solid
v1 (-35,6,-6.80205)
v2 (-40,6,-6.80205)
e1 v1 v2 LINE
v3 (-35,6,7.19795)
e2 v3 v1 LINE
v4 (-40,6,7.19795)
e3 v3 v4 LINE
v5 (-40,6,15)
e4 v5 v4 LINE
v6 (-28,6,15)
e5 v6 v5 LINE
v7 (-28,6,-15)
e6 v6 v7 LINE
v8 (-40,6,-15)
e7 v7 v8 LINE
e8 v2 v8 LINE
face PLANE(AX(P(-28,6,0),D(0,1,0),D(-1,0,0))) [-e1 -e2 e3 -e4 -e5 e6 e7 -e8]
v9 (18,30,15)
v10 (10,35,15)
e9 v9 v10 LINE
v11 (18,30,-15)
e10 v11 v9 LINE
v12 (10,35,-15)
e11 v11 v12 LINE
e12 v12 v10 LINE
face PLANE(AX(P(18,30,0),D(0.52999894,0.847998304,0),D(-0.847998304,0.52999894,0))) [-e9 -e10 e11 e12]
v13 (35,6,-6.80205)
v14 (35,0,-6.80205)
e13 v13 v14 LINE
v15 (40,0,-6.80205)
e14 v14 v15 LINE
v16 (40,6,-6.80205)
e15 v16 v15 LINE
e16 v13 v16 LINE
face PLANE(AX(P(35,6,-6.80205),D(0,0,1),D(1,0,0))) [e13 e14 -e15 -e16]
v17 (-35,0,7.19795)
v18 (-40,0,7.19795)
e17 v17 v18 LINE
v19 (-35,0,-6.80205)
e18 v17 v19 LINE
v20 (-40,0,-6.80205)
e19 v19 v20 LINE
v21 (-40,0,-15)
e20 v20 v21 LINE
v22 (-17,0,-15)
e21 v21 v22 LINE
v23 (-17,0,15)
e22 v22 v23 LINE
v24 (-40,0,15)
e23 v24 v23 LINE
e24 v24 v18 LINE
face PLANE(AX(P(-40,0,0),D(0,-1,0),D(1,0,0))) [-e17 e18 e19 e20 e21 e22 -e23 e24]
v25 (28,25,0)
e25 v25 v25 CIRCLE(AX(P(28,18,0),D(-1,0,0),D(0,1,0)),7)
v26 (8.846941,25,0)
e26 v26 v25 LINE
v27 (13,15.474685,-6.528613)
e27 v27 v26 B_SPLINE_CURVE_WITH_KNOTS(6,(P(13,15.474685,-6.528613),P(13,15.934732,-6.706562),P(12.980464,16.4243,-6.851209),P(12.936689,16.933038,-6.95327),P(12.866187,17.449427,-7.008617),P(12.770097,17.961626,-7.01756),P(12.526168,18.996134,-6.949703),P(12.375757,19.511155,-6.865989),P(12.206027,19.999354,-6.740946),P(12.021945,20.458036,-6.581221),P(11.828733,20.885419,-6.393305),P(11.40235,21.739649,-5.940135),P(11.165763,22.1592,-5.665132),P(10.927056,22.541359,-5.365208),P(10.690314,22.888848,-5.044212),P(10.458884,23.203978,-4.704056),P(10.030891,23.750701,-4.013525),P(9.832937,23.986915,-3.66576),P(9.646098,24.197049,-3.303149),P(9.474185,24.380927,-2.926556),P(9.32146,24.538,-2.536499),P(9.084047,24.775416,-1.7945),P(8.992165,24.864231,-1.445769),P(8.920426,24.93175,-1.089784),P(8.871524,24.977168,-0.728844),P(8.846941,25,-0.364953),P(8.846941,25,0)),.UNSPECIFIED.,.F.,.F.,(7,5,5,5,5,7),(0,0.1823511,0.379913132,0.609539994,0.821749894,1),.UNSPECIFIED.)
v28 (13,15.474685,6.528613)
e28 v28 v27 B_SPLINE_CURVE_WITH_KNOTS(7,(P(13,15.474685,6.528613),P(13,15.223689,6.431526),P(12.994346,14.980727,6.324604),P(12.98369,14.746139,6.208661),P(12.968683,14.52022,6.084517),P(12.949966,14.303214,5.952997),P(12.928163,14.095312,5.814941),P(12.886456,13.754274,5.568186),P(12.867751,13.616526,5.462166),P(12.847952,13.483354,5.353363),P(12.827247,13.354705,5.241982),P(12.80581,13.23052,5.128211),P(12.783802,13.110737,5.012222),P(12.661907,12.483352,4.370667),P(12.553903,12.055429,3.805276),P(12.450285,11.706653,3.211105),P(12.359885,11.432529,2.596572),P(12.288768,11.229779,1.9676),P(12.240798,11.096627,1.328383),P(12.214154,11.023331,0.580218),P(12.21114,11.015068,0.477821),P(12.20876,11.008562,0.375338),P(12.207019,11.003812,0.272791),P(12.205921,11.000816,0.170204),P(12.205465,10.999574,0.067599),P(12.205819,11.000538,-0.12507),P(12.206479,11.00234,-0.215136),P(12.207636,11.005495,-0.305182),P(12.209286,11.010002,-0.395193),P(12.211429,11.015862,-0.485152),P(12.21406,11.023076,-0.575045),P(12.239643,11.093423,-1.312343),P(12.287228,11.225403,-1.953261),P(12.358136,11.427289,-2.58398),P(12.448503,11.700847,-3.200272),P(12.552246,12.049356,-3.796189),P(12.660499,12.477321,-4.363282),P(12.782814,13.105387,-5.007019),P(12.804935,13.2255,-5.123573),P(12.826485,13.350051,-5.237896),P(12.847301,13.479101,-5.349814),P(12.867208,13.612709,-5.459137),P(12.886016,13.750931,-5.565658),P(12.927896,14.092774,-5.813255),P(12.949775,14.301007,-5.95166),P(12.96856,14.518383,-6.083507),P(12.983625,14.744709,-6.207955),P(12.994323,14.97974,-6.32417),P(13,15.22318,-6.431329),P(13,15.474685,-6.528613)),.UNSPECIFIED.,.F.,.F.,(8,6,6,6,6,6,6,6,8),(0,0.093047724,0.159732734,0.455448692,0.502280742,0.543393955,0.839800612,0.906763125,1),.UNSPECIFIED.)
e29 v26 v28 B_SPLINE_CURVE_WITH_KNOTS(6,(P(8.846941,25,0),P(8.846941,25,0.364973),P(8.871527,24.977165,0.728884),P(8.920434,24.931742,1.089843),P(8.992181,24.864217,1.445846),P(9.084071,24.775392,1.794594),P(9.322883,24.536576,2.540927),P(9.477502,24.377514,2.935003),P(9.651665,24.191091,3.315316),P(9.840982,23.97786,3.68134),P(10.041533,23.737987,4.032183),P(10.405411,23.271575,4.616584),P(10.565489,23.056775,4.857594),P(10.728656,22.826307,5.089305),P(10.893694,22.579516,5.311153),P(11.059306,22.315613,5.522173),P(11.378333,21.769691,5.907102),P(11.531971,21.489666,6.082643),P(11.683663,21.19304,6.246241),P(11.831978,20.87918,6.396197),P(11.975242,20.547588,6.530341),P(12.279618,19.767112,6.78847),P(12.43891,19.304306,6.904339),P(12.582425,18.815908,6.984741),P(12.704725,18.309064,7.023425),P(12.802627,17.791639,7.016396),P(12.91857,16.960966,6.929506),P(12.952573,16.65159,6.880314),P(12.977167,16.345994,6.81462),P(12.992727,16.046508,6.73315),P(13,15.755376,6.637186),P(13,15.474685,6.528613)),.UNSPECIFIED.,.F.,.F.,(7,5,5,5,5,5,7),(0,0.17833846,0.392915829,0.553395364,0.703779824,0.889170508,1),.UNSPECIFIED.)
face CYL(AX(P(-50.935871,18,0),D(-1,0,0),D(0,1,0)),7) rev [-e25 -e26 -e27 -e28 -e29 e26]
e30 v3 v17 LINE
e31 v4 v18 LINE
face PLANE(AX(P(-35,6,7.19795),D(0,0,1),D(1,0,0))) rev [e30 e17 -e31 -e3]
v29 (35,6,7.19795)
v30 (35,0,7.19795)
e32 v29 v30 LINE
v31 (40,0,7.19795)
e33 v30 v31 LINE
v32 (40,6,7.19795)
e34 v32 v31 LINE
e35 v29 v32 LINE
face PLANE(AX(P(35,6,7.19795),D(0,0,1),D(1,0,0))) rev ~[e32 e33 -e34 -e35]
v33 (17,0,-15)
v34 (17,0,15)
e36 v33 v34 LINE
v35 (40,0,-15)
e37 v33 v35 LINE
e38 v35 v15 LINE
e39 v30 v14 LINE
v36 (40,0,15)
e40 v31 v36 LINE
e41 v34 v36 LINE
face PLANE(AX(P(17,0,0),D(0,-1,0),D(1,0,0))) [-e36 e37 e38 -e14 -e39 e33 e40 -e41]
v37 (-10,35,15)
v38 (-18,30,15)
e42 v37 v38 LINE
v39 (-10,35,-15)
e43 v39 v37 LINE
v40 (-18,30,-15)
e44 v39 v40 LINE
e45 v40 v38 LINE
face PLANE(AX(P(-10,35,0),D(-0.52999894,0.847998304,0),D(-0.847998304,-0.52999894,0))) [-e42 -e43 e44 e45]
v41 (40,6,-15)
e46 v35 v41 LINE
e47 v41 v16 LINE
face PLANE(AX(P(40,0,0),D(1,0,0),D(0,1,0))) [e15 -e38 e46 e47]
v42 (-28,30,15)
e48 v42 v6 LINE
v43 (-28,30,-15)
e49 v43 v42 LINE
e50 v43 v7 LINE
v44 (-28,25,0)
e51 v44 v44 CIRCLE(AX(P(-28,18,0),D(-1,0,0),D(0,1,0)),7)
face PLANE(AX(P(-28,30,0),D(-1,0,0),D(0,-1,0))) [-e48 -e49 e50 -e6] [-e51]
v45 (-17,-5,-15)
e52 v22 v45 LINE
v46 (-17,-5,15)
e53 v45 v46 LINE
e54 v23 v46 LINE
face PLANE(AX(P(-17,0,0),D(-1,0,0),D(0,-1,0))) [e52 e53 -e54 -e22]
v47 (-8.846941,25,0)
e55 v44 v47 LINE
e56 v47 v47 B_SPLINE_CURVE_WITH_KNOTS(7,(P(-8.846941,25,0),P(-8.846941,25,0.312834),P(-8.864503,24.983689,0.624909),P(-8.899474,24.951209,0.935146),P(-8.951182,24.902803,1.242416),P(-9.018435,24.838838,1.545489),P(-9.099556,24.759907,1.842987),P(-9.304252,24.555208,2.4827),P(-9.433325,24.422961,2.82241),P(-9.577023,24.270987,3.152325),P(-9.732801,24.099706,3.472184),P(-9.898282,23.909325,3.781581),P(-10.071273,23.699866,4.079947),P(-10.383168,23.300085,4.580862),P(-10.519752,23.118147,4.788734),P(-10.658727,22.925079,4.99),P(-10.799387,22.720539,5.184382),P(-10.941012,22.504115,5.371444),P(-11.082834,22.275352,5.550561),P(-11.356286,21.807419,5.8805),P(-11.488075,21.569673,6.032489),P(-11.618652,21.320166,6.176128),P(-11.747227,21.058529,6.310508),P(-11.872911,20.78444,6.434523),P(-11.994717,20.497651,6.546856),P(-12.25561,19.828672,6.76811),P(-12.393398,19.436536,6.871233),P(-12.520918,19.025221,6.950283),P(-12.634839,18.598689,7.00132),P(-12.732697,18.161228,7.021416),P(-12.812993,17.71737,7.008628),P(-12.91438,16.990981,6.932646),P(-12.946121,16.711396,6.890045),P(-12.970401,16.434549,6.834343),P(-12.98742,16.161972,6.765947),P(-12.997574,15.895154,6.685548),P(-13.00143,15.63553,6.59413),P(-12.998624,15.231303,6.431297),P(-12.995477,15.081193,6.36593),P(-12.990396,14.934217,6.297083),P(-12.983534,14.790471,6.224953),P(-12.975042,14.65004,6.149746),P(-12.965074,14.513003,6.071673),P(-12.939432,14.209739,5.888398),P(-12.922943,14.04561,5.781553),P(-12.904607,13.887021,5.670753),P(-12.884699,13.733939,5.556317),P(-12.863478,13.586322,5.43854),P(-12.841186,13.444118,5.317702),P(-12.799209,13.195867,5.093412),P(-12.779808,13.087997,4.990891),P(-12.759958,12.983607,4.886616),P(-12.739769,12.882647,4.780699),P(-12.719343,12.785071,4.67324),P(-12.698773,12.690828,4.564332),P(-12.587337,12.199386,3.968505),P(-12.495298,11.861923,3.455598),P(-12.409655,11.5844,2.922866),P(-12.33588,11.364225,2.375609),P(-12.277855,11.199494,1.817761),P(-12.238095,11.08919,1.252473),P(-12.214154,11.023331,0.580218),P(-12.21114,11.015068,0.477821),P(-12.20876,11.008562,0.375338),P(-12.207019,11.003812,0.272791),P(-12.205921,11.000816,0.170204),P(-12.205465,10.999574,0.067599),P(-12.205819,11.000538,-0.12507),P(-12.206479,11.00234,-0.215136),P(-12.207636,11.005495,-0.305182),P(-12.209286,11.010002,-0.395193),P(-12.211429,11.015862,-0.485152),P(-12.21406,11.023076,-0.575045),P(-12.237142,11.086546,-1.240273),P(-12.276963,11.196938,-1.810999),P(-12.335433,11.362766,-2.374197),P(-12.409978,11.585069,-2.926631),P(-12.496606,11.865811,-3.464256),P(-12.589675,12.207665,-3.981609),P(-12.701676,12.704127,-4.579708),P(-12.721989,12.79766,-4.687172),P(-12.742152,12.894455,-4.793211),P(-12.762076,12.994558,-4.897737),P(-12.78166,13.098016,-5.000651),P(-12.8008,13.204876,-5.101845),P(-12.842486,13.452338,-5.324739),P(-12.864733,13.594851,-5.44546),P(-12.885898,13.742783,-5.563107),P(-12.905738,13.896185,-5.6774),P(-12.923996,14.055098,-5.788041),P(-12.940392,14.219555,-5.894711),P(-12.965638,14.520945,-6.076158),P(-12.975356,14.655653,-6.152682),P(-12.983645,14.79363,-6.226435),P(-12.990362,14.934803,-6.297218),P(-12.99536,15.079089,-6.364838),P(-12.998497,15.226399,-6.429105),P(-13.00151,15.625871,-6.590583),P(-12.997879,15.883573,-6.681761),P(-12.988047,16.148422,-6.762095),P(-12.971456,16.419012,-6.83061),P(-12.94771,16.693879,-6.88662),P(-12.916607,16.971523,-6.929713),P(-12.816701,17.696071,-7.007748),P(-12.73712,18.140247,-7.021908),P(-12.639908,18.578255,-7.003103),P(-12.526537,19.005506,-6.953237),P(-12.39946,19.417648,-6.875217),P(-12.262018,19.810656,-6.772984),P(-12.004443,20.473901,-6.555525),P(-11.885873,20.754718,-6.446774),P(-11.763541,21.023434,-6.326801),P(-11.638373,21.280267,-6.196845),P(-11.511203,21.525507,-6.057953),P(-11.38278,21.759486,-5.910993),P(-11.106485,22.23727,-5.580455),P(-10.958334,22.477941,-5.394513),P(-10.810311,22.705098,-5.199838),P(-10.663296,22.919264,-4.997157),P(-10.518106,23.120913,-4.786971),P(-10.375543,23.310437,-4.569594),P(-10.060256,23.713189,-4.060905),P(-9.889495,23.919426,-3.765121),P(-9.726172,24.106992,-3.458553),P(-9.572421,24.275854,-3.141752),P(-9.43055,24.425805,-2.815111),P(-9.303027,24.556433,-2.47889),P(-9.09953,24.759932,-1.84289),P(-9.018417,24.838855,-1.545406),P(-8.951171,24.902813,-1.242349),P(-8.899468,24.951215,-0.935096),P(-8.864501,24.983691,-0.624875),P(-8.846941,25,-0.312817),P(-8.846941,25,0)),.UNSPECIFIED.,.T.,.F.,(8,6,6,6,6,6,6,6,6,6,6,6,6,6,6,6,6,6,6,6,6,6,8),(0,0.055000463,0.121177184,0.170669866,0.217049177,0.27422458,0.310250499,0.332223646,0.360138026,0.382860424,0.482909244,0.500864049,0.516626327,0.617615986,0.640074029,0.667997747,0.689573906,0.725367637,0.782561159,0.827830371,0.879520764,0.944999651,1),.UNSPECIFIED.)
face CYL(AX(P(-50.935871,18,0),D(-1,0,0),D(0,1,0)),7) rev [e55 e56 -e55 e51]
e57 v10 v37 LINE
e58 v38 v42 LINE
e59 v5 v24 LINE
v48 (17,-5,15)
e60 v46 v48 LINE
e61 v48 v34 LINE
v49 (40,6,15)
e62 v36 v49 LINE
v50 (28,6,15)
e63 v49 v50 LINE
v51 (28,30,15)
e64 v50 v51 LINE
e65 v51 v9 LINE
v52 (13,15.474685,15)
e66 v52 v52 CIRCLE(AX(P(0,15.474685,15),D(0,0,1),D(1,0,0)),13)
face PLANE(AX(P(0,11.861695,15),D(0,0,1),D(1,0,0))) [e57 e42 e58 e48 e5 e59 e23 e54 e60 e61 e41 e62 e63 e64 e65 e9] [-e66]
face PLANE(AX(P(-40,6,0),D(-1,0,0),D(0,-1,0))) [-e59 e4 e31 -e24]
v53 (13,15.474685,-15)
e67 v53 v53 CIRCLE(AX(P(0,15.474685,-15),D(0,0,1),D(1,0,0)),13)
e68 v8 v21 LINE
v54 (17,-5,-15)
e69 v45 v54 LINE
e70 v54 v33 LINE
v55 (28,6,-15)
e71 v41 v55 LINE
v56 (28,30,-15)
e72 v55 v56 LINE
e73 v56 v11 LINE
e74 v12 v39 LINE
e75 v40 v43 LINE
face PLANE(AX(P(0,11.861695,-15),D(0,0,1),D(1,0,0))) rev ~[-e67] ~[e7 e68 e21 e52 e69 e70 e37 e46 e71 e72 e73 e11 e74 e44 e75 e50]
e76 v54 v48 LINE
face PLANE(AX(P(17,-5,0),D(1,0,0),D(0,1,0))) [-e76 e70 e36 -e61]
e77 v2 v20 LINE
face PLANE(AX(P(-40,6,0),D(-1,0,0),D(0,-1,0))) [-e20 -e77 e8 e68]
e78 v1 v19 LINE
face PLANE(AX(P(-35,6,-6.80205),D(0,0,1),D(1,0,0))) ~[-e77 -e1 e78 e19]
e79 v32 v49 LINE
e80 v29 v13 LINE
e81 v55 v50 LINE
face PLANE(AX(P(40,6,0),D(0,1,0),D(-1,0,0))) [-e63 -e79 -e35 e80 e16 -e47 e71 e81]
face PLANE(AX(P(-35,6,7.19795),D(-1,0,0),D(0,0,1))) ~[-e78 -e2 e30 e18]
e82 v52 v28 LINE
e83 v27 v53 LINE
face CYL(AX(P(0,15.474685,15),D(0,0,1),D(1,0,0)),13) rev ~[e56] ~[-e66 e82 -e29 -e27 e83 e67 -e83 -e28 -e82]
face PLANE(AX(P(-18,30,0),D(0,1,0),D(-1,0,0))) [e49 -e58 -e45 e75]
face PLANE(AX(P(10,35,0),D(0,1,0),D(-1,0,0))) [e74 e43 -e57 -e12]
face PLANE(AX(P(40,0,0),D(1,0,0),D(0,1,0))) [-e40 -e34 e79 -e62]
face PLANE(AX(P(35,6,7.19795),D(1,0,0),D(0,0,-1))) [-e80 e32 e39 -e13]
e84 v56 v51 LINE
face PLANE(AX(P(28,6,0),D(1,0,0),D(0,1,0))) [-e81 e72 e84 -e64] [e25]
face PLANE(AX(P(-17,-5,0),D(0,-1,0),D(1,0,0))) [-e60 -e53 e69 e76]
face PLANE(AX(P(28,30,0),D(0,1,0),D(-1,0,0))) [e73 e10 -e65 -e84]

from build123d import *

# Parameters (mm, degrees)
BOSS_EXTRUDE1_DEPTH     = 15
SKETCH2_R               = 13
CUT_EXTRUDE1_DEPTH      = 30
CUT_EXTRUDE2_REACH      = 53.633
SKETCH3_W               = 5
SKETCH3_H               = 14
CUT_EXTRUDE3_DEPTH      = 78.935871074
CUT_EXTRUDE3_DEPTH_BACK = 78.935871074
SKETCH4_R               = 7


with BuildPart() as part:
    # Sketch1 → Boss-Extrude1 (new, symmetric)
    with BuildSketch(Plane.XY):
        Polygon((-40, 0), (-17, 0), (-17, -5), (17, -5), (17, 0), (40, 0), (40, 6), (28, 6), (28, 30), (18, 30), (10, 35), (-10, 35), (-18, 30), (-28, 30), (-28, 6), (-40, 6), align=None)
    extrude(amount=BOSS_EXTRUDE1_DEPTH, both=True)

    # Sketch2 → Cut-Extrude1 (cut)
    with BuildSketch(Plane.XY.offset(15)):
        with Locations((0, 15.474684959)):
            Circle(SKETCH2_R)
    extrude(amount=-CUT_EXTRUDE1_DEPTH, mode=Mode.SUBTRACT)

    # Sketch3 → Cut-Extrude2 (cut, up to next)
    with BuildSketch(Plane(origin=(0, 6, 0), x_dir=(1, 0, 0), z_dir=(0, 1, 0)), mode=Mode.PRIVATE) as cut_extrude2_sk1:
        with Locations((37.5, -0.197950113)):
            Rectangle(SKETCH3_W, SKETCH3_H)
    cut_extrude2_tool1 = extrude(cut_extrude2_sk1.sketch, amount=-CUT_EXTRUDE2_REACH, mode=Mode.PRIVATE) & part.part
    cut_extrude2 = cut_extrude2_tool1.solids().sort_by_distance((37.5, 6, 0.19795))[0]
    add(cut_extrude2, mode=Mode.SUBTRACT)

    # Mirror1: Cut-Extrude2 across plane
    add(cut_extrude2.mirror(Plane(origin=(0, 0, 0), x_dir=(0, 0, 1), z_dir=(1, 0, 0))), mode=Mode.SUBTRACT)

    # Sketch4 → Cut-Extrude3 (cut, two sides: drawn at the far end of the back side and taken through both)
    with BuildSketch(Plane(origin=(28, 0, 0), x_dir=(0, 0, -1), z_dir=(1, 0, 0)).offset(-CUT_EXTRUDE3_DEPTH_BACK)):
        with Locations(Location((0, 18, 0), (0, 0, 90))):
            Circle(SKETCH4_R)
    extrude(amount=CUT_EXTRUDE3_DEPTH + CUT_EXTRUDE3_DEPTH_BACK, mode=Mode.SUBTRACT)


solid = part.part
